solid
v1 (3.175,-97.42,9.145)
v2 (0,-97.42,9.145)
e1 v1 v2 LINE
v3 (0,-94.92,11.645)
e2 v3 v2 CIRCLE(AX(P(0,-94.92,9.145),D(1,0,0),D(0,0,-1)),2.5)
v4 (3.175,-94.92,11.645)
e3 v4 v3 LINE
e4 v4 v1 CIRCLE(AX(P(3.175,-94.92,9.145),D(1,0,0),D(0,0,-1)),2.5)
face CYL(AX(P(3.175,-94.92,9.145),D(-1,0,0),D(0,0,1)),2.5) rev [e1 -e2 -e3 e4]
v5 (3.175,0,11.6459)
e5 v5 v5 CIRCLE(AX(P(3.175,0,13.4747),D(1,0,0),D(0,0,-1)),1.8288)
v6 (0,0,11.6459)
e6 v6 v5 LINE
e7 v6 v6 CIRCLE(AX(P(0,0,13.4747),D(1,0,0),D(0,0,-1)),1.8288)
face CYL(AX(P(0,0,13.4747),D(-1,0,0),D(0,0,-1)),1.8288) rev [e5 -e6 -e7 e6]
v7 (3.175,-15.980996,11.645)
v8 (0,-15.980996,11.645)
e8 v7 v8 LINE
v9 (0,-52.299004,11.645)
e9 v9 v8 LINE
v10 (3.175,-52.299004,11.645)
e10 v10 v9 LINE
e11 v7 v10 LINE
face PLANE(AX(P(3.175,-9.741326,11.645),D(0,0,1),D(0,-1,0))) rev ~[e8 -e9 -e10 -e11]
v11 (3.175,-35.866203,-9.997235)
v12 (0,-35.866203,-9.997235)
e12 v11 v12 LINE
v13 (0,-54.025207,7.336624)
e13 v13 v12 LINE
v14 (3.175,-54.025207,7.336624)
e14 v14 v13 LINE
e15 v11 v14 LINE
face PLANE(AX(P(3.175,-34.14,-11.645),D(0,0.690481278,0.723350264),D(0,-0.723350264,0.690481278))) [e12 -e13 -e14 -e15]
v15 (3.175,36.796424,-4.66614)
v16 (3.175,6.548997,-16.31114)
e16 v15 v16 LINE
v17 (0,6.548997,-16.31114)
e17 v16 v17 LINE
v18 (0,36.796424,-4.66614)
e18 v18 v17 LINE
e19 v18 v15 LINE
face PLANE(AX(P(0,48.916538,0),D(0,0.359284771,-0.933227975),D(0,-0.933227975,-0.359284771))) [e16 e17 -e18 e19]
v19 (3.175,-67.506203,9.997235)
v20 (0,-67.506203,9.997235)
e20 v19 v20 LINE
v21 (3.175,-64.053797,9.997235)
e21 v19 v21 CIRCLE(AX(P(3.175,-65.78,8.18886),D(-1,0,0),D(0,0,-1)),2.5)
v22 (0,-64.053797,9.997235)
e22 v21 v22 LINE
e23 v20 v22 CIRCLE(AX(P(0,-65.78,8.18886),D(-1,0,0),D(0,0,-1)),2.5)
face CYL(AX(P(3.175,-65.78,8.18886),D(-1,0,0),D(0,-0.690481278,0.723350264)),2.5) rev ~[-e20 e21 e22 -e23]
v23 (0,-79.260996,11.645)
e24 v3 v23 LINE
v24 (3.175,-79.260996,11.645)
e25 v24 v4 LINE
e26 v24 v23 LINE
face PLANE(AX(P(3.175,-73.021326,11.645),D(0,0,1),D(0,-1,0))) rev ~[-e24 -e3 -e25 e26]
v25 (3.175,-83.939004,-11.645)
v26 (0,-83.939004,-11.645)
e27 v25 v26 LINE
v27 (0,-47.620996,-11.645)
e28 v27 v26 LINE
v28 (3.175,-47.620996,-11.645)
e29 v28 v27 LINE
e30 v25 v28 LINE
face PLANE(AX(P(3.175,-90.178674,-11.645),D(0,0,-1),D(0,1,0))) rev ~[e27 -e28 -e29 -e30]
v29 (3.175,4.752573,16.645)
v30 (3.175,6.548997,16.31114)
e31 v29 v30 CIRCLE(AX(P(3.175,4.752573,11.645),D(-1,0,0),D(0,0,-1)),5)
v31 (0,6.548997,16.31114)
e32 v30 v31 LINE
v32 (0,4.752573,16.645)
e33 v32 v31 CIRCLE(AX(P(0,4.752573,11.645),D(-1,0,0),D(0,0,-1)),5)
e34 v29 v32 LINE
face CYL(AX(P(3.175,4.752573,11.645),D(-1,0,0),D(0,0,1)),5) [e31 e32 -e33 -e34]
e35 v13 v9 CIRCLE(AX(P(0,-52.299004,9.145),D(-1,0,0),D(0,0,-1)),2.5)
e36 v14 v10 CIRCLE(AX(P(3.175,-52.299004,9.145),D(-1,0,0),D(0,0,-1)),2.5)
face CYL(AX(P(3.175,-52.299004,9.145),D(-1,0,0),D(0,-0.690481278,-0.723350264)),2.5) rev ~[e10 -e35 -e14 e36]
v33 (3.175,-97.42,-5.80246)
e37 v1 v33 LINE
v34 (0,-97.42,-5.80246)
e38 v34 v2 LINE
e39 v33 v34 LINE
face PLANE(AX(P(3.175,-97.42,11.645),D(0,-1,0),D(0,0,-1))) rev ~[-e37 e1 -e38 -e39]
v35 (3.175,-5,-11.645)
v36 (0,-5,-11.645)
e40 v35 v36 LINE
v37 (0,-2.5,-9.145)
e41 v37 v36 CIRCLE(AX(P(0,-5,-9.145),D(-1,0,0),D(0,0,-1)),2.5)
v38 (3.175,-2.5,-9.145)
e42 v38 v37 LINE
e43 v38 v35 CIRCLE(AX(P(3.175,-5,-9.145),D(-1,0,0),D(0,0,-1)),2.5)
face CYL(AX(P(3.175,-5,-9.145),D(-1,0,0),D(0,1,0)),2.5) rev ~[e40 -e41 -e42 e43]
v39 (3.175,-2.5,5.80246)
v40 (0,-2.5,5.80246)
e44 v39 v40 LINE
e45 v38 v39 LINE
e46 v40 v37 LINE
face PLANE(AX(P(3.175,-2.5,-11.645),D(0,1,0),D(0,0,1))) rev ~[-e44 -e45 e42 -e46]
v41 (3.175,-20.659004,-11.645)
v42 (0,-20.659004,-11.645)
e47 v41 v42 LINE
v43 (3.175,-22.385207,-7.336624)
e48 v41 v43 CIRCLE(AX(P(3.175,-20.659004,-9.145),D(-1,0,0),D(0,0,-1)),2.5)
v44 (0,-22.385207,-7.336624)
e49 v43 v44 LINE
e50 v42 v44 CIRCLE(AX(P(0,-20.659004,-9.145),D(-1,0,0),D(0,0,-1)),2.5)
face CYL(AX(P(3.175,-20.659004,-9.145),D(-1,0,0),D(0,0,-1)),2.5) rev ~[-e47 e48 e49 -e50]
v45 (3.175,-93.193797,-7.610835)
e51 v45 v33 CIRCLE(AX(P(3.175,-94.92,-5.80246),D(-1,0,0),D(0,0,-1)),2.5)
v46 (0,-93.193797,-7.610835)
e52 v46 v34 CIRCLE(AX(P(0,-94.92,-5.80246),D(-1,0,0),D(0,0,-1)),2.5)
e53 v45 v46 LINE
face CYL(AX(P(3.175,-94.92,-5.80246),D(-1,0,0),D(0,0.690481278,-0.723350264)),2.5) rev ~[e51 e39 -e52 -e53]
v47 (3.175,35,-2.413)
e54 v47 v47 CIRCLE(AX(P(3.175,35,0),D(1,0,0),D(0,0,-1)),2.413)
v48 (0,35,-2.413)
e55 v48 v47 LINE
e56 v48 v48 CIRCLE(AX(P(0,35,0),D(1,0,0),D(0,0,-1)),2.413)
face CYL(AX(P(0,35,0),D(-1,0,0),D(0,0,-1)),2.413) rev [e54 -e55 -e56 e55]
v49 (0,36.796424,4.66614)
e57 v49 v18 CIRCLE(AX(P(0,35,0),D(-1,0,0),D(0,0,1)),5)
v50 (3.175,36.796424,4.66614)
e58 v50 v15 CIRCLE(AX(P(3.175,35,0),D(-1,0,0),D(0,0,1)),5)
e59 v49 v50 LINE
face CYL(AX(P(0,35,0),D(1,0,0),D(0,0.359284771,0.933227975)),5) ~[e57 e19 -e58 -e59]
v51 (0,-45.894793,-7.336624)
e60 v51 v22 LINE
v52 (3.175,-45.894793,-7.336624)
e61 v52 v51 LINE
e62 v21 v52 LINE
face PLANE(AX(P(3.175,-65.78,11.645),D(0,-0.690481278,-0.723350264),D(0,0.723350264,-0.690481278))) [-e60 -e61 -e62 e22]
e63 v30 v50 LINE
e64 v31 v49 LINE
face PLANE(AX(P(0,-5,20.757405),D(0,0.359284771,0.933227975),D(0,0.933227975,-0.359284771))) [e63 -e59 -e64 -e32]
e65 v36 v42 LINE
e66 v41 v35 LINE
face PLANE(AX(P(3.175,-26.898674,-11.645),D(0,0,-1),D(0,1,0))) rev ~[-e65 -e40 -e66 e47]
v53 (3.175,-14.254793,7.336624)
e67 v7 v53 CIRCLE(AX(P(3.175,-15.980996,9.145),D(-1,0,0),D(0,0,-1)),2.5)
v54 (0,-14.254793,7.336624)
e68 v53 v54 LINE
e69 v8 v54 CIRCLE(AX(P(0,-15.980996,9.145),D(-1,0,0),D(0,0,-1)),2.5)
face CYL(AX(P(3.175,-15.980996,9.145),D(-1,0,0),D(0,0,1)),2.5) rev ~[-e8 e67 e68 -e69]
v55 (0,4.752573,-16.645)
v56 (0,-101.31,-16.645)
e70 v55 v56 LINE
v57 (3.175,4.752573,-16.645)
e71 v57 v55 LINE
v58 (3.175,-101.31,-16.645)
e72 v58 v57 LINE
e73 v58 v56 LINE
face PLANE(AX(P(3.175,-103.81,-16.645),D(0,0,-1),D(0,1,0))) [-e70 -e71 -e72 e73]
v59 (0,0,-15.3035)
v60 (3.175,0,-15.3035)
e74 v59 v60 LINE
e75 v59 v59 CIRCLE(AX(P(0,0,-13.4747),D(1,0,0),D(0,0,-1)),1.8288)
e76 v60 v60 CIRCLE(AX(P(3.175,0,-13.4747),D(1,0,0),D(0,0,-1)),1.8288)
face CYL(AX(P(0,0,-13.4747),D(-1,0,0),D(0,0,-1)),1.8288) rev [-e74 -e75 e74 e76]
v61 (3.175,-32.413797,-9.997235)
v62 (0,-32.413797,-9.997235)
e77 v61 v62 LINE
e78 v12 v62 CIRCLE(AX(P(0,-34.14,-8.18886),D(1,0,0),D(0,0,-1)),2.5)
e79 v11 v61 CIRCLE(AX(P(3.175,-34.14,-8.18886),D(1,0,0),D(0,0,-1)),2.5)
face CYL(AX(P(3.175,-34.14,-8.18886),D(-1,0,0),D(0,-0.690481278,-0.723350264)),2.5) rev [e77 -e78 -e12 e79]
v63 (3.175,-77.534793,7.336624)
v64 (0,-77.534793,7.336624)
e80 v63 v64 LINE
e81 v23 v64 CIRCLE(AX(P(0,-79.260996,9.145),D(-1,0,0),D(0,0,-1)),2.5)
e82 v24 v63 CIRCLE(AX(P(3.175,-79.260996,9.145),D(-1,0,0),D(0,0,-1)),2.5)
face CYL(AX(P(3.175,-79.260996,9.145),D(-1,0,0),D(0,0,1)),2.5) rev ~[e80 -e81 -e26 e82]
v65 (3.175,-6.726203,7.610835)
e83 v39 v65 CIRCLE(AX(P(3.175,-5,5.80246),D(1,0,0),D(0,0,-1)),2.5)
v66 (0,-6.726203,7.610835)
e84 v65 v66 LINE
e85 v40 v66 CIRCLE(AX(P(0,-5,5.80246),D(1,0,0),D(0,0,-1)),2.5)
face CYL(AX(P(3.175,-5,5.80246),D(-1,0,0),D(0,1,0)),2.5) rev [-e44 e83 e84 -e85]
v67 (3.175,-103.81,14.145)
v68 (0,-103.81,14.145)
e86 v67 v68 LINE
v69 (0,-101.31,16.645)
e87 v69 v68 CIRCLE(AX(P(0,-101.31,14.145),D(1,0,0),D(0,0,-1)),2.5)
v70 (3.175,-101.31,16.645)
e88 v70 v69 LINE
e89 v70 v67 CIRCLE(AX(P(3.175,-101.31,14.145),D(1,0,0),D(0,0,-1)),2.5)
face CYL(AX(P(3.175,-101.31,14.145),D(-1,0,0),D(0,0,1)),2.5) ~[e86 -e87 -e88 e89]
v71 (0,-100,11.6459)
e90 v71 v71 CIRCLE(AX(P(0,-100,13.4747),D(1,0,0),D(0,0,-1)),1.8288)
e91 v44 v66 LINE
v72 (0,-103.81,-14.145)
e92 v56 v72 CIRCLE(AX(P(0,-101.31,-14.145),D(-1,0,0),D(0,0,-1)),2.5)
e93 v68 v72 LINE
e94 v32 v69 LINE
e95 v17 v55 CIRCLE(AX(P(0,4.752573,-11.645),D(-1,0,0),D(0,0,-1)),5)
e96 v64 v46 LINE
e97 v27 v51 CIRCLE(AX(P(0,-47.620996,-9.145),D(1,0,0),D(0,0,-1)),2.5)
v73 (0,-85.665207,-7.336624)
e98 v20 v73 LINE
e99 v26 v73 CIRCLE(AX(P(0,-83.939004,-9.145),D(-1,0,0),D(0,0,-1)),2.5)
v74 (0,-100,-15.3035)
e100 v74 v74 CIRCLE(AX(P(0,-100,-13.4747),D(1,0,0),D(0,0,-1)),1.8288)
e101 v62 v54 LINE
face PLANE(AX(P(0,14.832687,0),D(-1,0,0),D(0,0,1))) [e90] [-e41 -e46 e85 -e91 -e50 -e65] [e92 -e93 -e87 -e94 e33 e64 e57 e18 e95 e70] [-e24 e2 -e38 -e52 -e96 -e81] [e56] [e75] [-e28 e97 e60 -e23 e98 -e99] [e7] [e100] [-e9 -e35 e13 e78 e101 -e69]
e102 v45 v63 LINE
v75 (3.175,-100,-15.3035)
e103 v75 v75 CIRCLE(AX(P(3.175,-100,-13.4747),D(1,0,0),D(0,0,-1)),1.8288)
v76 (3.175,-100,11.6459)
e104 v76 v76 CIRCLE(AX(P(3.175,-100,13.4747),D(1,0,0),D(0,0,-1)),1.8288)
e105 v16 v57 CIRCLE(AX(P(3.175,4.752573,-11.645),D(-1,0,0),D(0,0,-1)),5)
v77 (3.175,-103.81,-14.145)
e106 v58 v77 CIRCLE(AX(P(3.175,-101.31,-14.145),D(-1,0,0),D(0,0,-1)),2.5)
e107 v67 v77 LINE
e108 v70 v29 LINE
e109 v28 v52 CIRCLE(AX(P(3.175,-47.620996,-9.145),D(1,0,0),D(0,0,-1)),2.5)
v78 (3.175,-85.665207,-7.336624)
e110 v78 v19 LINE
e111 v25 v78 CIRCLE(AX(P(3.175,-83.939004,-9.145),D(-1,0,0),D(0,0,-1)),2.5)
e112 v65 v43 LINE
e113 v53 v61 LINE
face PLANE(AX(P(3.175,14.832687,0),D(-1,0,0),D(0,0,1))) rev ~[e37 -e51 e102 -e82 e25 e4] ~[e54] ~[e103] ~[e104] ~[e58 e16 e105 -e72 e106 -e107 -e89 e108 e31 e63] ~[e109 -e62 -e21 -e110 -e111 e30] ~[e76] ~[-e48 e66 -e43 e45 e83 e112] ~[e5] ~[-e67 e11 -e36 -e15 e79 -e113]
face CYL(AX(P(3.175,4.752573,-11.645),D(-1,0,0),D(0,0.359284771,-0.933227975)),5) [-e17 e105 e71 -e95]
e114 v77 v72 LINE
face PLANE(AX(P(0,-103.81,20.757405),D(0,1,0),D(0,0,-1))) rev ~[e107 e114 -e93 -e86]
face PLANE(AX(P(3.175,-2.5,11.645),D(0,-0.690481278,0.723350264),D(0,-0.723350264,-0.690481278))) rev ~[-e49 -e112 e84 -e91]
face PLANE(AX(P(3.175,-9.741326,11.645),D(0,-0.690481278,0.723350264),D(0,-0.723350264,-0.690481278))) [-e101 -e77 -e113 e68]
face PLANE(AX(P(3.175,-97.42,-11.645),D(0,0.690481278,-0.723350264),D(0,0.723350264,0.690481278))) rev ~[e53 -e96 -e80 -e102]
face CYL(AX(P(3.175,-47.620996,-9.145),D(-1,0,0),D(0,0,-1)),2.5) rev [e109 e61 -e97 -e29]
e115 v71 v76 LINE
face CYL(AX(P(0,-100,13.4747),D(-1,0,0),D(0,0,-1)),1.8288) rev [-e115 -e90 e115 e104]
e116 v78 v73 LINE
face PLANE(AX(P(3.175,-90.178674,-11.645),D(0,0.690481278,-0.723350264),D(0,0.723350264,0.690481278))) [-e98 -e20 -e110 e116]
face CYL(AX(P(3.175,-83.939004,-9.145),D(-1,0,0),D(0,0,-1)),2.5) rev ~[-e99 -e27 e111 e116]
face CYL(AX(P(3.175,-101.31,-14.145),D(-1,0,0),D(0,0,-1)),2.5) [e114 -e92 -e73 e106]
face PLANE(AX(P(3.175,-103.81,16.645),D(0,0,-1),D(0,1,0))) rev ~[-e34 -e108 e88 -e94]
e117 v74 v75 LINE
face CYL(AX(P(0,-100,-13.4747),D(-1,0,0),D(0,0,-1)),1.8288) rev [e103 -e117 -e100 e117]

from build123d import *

# Parameters (mm, degrees)
SKETCH1_W           = 41.514809608
SKETCH1_H           = 98.81
SKETCH1_R           = 1.8288
SKETCH1_R_2         = 2.413
BOSS_EXTRUDE1_DEPTH = 3.175
SKETCH2_W           = 4.112404804
SKETCH2_H           = 141.223
CUT_EXTRUDE1_DEPTH  = 106.912542124
FILLET1_R           = 2.5
FILLET2_R           = 5


with BuildPart() as part:
    # Sketch1 → Boss-Extrude1 (new body)
    # profile 1 of 2: a face of its own
    with BuildSketch(Plane(origin=(0, 0, 0), x_dir=(0, 0, -1), z_dir=(1, 0, 0))):
        with Locations((0, -54.405)):
            Rectangle(SKETCH1_W, SKETCH1_H)
        with Locations((13.4747, -100)):
            Circle(SKETCH1_R, mode=Mode.SUBTRACT)
        with Locations((-13.4747, -100)):
            Circle(SKETCH1_R, mode=Mode.SUBTRACT)
    # profile 2 of 2: a face of its own
    with BuildSketch(Plane(origin=(0, 0, 0), x_dir=(0, 0, -1), z_dir=(1, 0, 0))):
        Polygon((0, 48.916537522), (20.757404804, -5), (-20.757404804, -5), align=None)
        with Locations((13.4747, 0)):
            Circle(SKETCH1_R, mode=Mode.SUBTRACT)
        with Locations((0, 35)):
            Circle(SKETCH1_R_2, mode=Mode.SUBTRACT)
        with Locations((-13.4747, 0)):
            Circle(SKETCH1_R, mode=Mode.SUBTRACT)
    extrude(amount=BOSS_EXTRUDE1_DEPTH)

    # Sketch2 → Cut-Extrude1 (cut, through all)
    with BuildSketch(Plane(origin=(3.175, 0, 0), x_dir=(0, 0, -1), z_dir=(1, 0, 0))):
        Polygon((11.645, -2.5), (-11.645, -2.5), (11.645, -26.898674048), align=None)
        Polygon((-11.645, -9.741325952), (11.645, -34.14), (-11.645, -58.538674048), (-11.645, -34.14), align=None)
        Polygon((-11.645, -73.021325952), (-11.645, -97.42), (11.645, -97.42), align=None)
        Polygon((11.645, -41.381325952), (11.645, -65.78), (11.645, -90.178674048), (-11.645, -65.78), align=None)
        with Locations((-18.701202402, -33.1985)):
            Rectangle(SKETCH2_W, SKETCH2_H)
        with Locations((18.701202402, -33.1985)):
            Rectangle(SKETCH2_W, SKETCH2_H)
    extrude(amount=-CUT_EXTRUDE1_DEPTH, mode=Mode.SUBTRACT)

    # Fillet1
    fillet1_edges = [part.edges().sort_by_distance(p)[0] for p in [
        (1.5875, -103.81, -16.645),
        (1.5875, -9.741325952, 11.645),
        (1.5875, -34.14, -11.645),
        (1.5875, -58.538674048, 11.645),
        (1.5875, -26.898674048, -11.645),
        (1.5875, -2.5, 11.645),
        (1.5875, -2.5, -11.645),
        (1.5875, -90.178674048, -11.645),
        (1.5875, -65.78, 11.645),
        (1.5875, -41.381325952, -11.645),
        (1.5875, -103.81, 16.645),
        (1.5875, -73.021325952, 11.645),
        (1.5875, -97.42, -11.645),
        (1.5875, -97.42, 11.645),
    ]]
    fillet(fillet1_edges, radius=FILLET1_R)

    # Fillet2
    fillet2_edges = [part.edges().sort_by_distance(p)[0] for p in [
        (1.5875, 48.916537522, 0),
        (1.5875, 5.681808734, -16.645),
        (1.5875, 5.681808734, 16.645),
    ]]
    fillet(fillet2_edges, radius=FILLET2_R)


solid = part.part
